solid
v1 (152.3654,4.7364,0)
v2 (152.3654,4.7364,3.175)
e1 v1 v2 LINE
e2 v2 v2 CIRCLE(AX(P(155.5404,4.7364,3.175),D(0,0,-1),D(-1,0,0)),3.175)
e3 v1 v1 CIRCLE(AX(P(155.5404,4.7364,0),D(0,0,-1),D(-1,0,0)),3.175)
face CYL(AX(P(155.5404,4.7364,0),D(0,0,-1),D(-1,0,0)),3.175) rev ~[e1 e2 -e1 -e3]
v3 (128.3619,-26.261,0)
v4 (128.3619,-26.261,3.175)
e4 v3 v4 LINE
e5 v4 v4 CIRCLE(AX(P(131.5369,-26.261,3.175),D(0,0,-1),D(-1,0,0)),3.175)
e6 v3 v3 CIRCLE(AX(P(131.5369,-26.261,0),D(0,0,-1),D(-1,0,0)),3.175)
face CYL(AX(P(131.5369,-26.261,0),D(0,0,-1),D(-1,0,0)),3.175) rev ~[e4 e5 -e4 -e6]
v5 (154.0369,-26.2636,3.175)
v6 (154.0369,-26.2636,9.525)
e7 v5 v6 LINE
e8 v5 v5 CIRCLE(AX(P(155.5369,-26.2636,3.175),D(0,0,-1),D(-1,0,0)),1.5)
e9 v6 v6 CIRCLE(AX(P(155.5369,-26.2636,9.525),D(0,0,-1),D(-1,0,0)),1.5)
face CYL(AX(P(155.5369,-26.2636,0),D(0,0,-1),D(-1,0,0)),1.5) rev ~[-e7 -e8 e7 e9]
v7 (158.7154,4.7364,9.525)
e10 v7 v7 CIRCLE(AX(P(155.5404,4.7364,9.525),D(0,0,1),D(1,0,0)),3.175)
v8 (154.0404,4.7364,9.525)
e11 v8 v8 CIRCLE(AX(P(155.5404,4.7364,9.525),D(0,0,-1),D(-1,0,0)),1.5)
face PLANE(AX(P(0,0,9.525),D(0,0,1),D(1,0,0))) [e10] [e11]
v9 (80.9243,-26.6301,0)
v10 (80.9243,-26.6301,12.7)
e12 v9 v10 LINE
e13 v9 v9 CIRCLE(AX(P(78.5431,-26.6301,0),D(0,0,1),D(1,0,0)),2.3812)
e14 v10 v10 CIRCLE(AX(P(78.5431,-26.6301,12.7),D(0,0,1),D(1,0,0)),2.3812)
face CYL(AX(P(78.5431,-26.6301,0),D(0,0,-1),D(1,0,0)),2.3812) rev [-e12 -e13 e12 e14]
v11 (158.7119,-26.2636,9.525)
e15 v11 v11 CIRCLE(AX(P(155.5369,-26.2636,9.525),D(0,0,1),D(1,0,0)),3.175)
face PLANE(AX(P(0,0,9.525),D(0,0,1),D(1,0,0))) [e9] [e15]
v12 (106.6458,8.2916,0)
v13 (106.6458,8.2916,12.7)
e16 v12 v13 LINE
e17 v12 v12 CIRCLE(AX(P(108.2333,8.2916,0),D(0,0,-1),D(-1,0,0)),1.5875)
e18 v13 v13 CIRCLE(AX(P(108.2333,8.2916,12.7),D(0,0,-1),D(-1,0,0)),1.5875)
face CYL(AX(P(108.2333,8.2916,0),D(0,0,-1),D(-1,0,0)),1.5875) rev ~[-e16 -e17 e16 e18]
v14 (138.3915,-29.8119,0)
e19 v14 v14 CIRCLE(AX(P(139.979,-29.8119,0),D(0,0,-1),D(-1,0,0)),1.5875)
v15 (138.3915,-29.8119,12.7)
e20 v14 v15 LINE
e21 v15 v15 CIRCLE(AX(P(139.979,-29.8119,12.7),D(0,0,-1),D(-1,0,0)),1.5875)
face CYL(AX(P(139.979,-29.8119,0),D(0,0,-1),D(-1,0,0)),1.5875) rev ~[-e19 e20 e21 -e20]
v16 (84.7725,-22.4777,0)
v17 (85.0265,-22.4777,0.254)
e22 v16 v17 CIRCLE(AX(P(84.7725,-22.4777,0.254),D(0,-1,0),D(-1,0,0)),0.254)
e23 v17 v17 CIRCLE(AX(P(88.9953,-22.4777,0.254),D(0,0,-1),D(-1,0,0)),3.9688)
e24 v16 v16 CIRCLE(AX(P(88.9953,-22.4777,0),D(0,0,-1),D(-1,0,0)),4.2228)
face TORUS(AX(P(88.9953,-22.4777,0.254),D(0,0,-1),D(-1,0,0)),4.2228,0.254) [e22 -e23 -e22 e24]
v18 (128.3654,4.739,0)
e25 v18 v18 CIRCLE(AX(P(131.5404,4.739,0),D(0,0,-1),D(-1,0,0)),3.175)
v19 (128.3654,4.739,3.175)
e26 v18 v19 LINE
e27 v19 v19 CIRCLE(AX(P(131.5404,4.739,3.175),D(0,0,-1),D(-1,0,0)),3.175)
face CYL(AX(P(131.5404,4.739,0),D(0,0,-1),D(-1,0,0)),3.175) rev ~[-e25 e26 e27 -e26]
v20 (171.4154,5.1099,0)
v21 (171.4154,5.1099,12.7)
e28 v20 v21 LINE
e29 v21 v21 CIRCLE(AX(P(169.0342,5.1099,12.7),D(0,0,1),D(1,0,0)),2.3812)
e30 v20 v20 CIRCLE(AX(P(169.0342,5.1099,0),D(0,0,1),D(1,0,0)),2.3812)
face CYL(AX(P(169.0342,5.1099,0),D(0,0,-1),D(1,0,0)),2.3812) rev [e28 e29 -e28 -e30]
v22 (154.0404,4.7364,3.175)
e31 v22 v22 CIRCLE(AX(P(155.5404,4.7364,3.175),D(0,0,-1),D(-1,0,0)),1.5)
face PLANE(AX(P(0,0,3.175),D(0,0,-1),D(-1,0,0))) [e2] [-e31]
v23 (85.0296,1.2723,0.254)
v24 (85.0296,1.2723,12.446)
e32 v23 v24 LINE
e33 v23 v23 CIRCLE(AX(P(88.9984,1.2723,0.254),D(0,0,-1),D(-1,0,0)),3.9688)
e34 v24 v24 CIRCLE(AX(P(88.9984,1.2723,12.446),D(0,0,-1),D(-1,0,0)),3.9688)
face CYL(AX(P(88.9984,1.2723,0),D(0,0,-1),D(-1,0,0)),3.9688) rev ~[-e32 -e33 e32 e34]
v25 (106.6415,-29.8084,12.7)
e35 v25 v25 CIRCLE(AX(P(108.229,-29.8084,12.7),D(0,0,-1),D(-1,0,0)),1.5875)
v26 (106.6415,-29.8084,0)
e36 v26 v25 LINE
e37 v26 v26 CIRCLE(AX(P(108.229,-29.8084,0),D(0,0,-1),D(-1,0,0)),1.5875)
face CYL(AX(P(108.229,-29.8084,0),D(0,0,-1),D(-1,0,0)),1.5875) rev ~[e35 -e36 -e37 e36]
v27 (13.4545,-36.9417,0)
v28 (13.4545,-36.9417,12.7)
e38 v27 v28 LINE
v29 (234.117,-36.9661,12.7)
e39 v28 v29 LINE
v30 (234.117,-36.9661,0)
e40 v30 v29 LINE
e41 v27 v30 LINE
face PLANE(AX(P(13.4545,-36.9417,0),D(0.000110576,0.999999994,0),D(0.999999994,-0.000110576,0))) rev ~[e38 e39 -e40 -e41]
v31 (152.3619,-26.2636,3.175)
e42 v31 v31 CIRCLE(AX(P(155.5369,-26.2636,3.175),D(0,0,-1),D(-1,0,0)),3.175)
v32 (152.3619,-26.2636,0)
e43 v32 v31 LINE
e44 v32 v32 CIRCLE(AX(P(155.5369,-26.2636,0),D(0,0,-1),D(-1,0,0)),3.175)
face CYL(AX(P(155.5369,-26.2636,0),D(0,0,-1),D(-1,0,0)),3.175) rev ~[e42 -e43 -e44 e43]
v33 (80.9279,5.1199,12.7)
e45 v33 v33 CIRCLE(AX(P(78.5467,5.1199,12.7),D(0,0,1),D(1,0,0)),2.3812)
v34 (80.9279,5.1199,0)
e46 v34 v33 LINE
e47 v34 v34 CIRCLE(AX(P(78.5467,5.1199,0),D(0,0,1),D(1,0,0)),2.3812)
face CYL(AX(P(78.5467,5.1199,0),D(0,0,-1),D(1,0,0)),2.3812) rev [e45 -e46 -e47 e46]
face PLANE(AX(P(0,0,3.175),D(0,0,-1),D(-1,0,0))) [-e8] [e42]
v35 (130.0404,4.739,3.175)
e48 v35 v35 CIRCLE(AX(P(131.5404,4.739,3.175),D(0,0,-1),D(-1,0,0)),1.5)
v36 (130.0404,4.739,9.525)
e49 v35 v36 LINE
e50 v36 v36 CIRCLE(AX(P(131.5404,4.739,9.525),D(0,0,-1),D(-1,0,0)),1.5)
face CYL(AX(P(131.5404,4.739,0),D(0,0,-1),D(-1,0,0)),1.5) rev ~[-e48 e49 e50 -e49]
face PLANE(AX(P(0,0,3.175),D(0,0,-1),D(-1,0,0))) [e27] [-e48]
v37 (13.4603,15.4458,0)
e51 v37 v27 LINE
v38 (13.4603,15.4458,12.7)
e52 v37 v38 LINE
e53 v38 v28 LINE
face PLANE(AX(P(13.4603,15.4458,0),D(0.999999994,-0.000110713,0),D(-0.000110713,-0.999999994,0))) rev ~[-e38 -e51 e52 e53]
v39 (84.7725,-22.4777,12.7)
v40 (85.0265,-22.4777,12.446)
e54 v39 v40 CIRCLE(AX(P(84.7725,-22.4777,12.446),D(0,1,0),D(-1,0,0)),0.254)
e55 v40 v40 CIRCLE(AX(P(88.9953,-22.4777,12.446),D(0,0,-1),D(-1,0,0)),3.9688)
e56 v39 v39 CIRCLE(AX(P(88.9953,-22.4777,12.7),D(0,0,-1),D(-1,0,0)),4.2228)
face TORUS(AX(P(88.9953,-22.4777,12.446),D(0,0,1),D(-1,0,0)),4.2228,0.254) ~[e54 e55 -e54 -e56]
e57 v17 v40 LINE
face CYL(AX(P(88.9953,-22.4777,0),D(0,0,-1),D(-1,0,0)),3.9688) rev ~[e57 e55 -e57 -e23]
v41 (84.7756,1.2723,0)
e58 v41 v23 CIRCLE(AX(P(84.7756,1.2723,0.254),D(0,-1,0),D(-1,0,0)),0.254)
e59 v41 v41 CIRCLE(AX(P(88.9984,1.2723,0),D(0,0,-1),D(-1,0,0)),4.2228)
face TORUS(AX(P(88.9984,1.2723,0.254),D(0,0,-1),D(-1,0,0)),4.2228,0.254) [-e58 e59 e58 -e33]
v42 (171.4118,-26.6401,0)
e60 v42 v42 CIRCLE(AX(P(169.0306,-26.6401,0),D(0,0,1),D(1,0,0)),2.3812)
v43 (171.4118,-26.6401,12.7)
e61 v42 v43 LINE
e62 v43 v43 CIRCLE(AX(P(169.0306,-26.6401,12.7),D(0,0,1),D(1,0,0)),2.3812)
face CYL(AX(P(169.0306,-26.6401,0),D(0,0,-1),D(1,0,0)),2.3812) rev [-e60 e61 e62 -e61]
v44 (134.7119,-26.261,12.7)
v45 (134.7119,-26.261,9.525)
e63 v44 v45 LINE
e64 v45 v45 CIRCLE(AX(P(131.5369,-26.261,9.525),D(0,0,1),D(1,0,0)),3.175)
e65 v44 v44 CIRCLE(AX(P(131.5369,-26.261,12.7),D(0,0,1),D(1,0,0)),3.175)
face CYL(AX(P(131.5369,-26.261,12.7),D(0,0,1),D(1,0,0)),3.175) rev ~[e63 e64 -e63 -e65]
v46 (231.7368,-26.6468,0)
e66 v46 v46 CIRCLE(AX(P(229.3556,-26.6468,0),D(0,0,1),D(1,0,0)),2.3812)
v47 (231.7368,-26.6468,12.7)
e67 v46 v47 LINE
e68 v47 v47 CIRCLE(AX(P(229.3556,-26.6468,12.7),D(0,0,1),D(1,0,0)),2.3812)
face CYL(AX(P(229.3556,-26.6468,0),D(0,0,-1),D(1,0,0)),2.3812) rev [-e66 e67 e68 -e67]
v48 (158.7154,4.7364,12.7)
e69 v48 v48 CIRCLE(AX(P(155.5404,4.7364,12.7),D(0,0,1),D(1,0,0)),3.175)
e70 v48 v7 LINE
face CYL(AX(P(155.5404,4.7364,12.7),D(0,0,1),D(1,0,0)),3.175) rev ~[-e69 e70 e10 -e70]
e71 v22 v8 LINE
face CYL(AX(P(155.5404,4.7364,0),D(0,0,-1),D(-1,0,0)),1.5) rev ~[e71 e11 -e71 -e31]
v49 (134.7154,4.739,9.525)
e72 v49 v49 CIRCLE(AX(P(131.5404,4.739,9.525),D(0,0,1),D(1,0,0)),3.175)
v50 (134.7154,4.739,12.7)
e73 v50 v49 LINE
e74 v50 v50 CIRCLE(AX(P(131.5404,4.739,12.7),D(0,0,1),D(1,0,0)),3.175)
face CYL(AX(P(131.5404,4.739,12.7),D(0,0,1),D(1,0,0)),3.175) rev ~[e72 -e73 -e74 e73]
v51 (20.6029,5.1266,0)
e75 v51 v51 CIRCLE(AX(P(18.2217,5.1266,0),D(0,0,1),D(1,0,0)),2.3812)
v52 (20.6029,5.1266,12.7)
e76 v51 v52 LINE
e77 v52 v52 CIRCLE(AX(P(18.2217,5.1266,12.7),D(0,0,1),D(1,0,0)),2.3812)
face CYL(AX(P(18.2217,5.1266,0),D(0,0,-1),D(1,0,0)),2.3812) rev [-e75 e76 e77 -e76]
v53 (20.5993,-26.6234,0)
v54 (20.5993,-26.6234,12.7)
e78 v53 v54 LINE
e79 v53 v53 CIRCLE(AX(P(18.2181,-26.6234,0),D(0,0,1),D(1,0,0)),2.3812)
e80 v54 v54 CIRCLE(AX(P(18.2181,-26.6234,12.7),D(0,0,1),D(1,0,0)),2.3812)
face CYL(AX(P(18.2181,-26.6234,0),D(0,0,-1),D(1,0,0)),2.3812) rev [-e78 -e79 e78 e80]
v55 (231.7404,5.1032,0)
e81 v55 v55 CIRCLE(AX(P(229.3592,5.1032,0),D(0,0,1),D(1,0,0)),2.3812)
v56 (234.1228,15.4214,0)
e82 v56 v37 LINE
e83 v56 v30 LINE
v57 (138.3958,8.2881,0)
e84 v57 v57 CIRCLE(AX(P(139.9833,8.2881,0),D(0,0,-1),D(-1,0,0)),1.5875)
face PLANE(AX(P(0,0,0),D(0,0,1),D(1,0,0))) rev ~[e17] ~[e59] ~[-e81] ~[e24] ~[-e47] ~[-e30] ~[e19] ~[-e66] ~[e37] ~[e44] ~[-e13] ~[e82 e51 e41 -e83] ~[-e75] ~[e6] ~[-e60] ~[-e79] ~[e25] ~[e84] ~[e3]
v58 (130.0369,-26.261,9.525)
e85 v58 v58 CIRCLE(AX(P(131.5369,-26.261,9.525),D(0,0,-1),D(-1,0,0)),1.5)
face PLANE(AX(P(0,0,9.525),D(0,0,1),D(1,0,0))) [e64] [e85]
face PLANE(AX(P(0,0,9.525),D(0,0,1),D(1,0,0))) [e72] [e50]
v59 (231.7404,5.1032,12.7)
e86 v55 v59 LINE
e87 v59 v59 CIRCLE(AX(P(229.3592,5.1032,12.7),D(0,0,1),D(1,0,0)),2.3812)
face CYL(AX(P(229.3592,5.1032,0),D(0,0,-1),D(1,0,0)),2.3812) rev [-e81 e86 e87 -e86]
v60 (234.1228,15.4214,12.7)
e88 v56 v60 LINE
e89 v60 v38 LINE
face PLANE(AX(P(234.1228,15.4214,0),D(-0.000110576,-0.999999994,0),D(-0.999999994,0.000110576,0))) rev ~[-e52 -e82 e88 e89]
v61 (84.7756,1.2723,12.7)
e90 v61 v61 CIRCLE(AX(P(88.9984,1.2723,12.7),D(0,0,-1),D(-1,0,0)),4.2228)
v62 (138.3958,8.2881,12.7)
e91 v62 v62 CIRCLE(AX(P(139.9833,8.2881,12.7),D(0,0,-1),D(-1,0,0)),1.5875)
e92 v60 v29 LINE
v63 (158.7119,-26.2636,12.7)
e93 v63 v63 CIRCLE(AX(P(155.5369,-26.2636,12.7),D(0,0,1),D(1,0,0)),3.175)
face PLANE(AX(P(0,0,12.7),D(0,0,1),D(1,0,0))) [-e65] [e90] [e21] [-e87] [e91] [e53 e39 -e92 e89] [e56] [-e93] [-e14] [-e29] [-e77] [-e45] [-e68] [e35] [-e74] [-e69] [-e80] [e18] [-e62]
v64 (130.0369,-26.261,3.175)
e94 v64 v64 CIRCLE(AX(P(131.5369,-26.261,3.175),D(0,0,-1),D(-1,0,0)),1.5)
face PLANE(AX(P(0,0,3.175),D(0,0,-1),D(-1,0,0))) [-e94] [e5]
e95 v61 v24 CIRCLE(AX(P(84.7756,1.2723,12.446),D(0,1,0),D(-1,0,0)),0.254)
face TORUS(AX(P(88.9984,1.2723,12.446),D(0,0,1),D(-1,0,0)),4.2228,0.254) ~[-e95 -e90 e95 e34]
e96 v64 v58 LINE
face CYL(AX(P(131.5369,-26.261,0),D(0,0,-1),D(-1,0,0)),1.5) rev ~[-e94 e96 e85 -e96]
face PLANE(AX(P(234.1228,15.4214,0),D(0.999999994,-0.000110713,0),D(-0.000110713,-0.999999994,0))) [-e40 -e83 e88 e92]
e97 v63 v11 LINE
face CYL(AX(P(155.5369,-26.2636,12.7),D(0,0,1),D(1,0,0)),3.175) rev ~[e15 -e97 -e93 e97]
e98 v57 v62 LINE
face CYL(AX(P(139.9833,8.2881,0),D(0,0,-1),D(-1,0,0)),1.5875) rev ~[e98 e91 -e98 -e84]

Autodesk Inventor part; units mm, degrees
ref_plane "YZ Plane" through (0, 0, 0) normal (1, 0, 0) x (0, 1, 0)
ref_plane "XZ Plane" through (0, 0, 0) normal (0, 1, 0) x (-1, 0, 0)
ref_plane "XY Plane" through (0, 0, 0) normal (0, 0, 1) x (1, 0, 0)
sketch "Sketch1" plane through (0, 0, 0) normal (0, 0, 1) x (1, 0, 0)
  line L0 (13.4603, 15.4458) -> (13.4545, -36.9417)
  circle A0 centre (18.2181, -26.6234) radius 2.3812
  circle A1 centre (18.2217, 5.1266) radius 2.3812
  circle A2 centre (78.5467, 5.1199) radius 2.3812
  circle A3 centre (78.5431, -26.6301) radius 2.3812
  circle A4 centre (169.0306, -26.6401) radius 2.3812
  circle A5 centre (229.3556, -26.6468) radius 2.3812
  circle A6 centre (229.3592, 5.1032) radius 2.3812
  line L1 (234.1228, 15.4214) -> (234.117, -36.9661)
  circle A7 centre (169.0342, 5.1099) radius 2.3812
  line L2 (13.4545, -36.9417) -> (234.117, -36.9661)
  line L3 (234.1228, 15.4214) -> (13.4603, 15.4458)
  point P0 (3.3527, -2.3752)
extrude "Extrusion1" add sketch "Sketch1" along normal blind 12.7
sketch "Sketch3" plane through (0, 0, 0) normal (0, 0, -1) x (-1, 0, 0)
  line L0 (-234.117, -36.9661) -> (-234.1228, 15.4214) projected
  line L1 (-234.1199, -10.7723) -> (-13.4574, -10.7479)
  line L2 (-13.4603, 15.4458) -> (-13.4545, -36.9417) projected
  line L3 (-234.1228, 15.4214) -> (-13.4603, 15.4458) projected
  line L4 (-123.7915, 15.4336) -> (-123.7857, -36.9539)
  line L5 (-13.4545, -36.9417) -> (-234.117, -36.9661) projected
  circle A0 centre (-155.5369, -26.2636) radius 1.5
  circle A1 centre (-131.5369, -26.261) radius 1.5
  circle A2 centre (-155.5404, 4.7364) radius 1.5
  circle A3 centre (-131.5404, 4.739) radius 1.5
  point P0 (0, 0)
  dimension "d8" = 15.5
  dimension "d9" = 31.75
  dimension "d10" = 3
  dimension "d13" = 24
  dimension "d16" = 31
extrude "Extrusion2" cut sketch "Sketch3" against normal blind 12.7 contours A0 | A1 | A2 | A3
sketch "Sketch4" plane through (0, 0, 0) normal (0, 0, -1) x (-1, 0, 0)
  circle A0 centre (-131.5369, -26.261) radius 1.5 projected
  circle A1 centre (-131.5369, -26.261) radius 3.175
  circle A2 centre (-155.5369, -26.2636) radius 1.5 projected
  circle A3 centre (-155.5369, -26.2636) radius 3.175
  circle A4 centre (-131.5404, 4.739) radius 1.5 projected
  circle A5 centre (-131.5404, 4.739) radius 3.175
  circle A6 centre (-155.5404, 4.7364) radius 1.5 projected
  circle A7 centre (-155.5404, 4.7364) radius 3.175
  point P0 (0, 0)
  dimension "d21" = 6.35
  dimension "d22" = 6.35
  dimension "d23" = 6.35
  dimension "d24" = 6.35
extrude "Extrusion3" cut sketch "Sketch4" against normal blind 3.175
sketch "Sketch5" plane through (0, 0, 0) normal (0, 0, -1) x (-1, 0, 0)
  point P0 (0, 0)
sketch "Sketch6" plane through (0, 0, 0) normal (0, 0, -1) x (-1, 0, 0)
  point P0 (0, 0)
sketch "Sketch7" plane through (0, 0, 0) normal (0, 0, -1) x (-1, 0, 0)
  point P0 (0, 0)
sketch "Sketch8" plane through (0, 0, 0) normal (0, 0, -1) x (-1, 0, 0)
  circle A0 centre (-108.2333, 8.2916) radius 1.5875
  line L0 (-234.1228, 15.4214) -> (-13.4603, 15.4458) construction
  line L1 (-123.7915, 15.4336) -> (-123.7857, -36.9539) construction
  line L2 (-13.4545, -36.9417) -> (-234.117, -36.9661) construction
  line L3 (-234.117, -36.9661) -> (-234.1228, 15.4214) construction
  line L4 (-234.1199, -10.7723) -> (-13.4574, -10.7479) construction
  line L5 (-13.4603, 15.4458) -> (-13.4545, -36.9417) construction
  circle A1 centre (-108.229, -29.8084) radius 1.5875
  circle A2 centre (-139.9833, 8.2881) radius 1.5875
  circle A3 centre (-139.979, -29.8119) radius 1.5875
  point P0 (0, 0)
  dimension "d27" = 3.175
  dimension "d28" = 15.5575
  dimension "d31" = 38.1
  dimension "d34" = 31.75
  dimension "d37" = 19.05
extrude "Extrusion4" cut sketch "Sketch8" against normal blind 25.4
sketch "Sketch9" plane through (0, 0, 12.7) normal (0, 0, 1) x (1, 0, 0)
  circle A0 centre (155.5369, -26.2636) radius 1.5 projected
  circle A1 centre (131.5369, -26.261) radius 1.5 projected
  circle A2 centre (155.5404, 4.7364) radius 1.5 projected
  circle A3 centre (131.5404, 4.739) radius 1.5 projected
  circle A4 centre (155.5369, -26.2636) radius 3.175
  circle A5 centre (131.5369, -26.261) radius 3.175
  circle A6 centre (131.5404, 4.739) radius 3.175
  circle A7 centre (155.5404, 4.7364) radius 3.175
  point P0 (0, 0)
  dimension "d40" = 6.35
  dimension "d41" = 6.35
  dimension "d42" = 6.35
  dimension "d43" = 6.35
extrude "Extrusion5" cut sketch "Sketch9" against normal blind 3.175
sketch "Sketch10" plane through (0, 0, 0) normal (0, 0, -1) x (-1, 0, 0)
  circle A0 centre (-88.9984, 1.2723) radius 3.175 projected
  circle A1 centre (-88.9953, -22.4777) radius 3.175 projected
  circle A2 centre (-88.9953, -22.4777) radius 3.9688
  circle A3 centre (-88.9984, 1.2723) radius 3.9688
  point P0 (0, 0)
  dimension "d46" = 7.9375
  dimension "d47" = 7.9375
extrude "Extrusion6" cut sketch "Sketch10" against normal blind 12.7 contours A0 | A1 | A2 | A3
fillet "Fillet1" radius 0.254 4 edges at (92.9672, 1.2723, 12.7) (92.9641, -22.4777, 12.7) (92.9641, -22.4777, 0) (92.9672, 1.2723, 0)
sketch "Sketch11" plane through (0, 0, 0) normal (0, 0, -1) x (-1, 0, 0)
  circle A0 centre (-88.9953, -22.4777) radius 3.9688
  circle A1 centre (-139.979, -29.8119) radius 1.5875
  circle A2 centre (-139.9833, 8.2881) radius 1.5875
  circle A3 centre (-108.229, -29.8084) radius 1.5875
  circle A4 centre (-108.2333, 8.2916) radius 1.5875
  circle A5 centre (-155.5404, 4.7364) radius 3.175
  circle A6 centre (-155.5369, -26.2636) radius 3.175
  circle A7 centre (-131.5404, 4.739) radius 3.175
  circle A8 centre (-131.5369, -26.261) radius 3.175
  line L0 (-13.4545, -36.9417) -> (-234.117, -36.9661)
  line L1 (-13.4603, 15.4458) -> (-13.4545, -36.9417)
  line L2 (-234.1228, 15.4214) -> (-13.4603, 15.4458)
  line L3 (-234.117, -36.9661) -> (-234.1228, 15.4214)
  circle A9 centre (-169.0342, 5.1099) radius 2.3812
  circle A10 centre (-229.3592, 5.1032) radius 2.3812
  circle A11 centre (-229.3556, -26.6468) radius 2.3812
  circle A12 centre (-169.0306, -26.6401) radius 2.3812
  circle A13 centre (-78.5431, -26.6301) radius 2.3812
  circle A14 centre (-78.5467, 5.1199) radius 2.3812
  circle A15 centre (-18.2217, 5.1266) radius 2.3812
  circle A16 centre (-18.2181, -26.6234) radius 2.3812
  circle A17 centre (-88.9984, 1.2723) radius 4.2227
  point P0 (0, 0)
  dimension "d51" = 10.3187
  dimension "d53" = 4.7625
  dimension "d54" = 220.6625
  dimension "d55" = 4.7625
  dimension "d56" = 65.0875
  dimension "d57" = 94.7738
  dimension "d58" = 118.0812
  dimension "d59" = 7.9375
  dimension "d60" = 126.5238
  dimension "d61" = 142.0813
  dimension "d62" = 155.575
  dimension "d63" = 215.9
  dimension "d64" = 14.4724
  dimension "d65" = 42.0688
  dimension "d66" = 7.1437
  dimension "d67" = 38.2224
  dimension "d68" = 10.6937
  dimension "d69" = 45.2437
  dimension "d70" = 41.6938
  dimension "d71" = 52.3875
properties part number "Head Adapter Plate"
